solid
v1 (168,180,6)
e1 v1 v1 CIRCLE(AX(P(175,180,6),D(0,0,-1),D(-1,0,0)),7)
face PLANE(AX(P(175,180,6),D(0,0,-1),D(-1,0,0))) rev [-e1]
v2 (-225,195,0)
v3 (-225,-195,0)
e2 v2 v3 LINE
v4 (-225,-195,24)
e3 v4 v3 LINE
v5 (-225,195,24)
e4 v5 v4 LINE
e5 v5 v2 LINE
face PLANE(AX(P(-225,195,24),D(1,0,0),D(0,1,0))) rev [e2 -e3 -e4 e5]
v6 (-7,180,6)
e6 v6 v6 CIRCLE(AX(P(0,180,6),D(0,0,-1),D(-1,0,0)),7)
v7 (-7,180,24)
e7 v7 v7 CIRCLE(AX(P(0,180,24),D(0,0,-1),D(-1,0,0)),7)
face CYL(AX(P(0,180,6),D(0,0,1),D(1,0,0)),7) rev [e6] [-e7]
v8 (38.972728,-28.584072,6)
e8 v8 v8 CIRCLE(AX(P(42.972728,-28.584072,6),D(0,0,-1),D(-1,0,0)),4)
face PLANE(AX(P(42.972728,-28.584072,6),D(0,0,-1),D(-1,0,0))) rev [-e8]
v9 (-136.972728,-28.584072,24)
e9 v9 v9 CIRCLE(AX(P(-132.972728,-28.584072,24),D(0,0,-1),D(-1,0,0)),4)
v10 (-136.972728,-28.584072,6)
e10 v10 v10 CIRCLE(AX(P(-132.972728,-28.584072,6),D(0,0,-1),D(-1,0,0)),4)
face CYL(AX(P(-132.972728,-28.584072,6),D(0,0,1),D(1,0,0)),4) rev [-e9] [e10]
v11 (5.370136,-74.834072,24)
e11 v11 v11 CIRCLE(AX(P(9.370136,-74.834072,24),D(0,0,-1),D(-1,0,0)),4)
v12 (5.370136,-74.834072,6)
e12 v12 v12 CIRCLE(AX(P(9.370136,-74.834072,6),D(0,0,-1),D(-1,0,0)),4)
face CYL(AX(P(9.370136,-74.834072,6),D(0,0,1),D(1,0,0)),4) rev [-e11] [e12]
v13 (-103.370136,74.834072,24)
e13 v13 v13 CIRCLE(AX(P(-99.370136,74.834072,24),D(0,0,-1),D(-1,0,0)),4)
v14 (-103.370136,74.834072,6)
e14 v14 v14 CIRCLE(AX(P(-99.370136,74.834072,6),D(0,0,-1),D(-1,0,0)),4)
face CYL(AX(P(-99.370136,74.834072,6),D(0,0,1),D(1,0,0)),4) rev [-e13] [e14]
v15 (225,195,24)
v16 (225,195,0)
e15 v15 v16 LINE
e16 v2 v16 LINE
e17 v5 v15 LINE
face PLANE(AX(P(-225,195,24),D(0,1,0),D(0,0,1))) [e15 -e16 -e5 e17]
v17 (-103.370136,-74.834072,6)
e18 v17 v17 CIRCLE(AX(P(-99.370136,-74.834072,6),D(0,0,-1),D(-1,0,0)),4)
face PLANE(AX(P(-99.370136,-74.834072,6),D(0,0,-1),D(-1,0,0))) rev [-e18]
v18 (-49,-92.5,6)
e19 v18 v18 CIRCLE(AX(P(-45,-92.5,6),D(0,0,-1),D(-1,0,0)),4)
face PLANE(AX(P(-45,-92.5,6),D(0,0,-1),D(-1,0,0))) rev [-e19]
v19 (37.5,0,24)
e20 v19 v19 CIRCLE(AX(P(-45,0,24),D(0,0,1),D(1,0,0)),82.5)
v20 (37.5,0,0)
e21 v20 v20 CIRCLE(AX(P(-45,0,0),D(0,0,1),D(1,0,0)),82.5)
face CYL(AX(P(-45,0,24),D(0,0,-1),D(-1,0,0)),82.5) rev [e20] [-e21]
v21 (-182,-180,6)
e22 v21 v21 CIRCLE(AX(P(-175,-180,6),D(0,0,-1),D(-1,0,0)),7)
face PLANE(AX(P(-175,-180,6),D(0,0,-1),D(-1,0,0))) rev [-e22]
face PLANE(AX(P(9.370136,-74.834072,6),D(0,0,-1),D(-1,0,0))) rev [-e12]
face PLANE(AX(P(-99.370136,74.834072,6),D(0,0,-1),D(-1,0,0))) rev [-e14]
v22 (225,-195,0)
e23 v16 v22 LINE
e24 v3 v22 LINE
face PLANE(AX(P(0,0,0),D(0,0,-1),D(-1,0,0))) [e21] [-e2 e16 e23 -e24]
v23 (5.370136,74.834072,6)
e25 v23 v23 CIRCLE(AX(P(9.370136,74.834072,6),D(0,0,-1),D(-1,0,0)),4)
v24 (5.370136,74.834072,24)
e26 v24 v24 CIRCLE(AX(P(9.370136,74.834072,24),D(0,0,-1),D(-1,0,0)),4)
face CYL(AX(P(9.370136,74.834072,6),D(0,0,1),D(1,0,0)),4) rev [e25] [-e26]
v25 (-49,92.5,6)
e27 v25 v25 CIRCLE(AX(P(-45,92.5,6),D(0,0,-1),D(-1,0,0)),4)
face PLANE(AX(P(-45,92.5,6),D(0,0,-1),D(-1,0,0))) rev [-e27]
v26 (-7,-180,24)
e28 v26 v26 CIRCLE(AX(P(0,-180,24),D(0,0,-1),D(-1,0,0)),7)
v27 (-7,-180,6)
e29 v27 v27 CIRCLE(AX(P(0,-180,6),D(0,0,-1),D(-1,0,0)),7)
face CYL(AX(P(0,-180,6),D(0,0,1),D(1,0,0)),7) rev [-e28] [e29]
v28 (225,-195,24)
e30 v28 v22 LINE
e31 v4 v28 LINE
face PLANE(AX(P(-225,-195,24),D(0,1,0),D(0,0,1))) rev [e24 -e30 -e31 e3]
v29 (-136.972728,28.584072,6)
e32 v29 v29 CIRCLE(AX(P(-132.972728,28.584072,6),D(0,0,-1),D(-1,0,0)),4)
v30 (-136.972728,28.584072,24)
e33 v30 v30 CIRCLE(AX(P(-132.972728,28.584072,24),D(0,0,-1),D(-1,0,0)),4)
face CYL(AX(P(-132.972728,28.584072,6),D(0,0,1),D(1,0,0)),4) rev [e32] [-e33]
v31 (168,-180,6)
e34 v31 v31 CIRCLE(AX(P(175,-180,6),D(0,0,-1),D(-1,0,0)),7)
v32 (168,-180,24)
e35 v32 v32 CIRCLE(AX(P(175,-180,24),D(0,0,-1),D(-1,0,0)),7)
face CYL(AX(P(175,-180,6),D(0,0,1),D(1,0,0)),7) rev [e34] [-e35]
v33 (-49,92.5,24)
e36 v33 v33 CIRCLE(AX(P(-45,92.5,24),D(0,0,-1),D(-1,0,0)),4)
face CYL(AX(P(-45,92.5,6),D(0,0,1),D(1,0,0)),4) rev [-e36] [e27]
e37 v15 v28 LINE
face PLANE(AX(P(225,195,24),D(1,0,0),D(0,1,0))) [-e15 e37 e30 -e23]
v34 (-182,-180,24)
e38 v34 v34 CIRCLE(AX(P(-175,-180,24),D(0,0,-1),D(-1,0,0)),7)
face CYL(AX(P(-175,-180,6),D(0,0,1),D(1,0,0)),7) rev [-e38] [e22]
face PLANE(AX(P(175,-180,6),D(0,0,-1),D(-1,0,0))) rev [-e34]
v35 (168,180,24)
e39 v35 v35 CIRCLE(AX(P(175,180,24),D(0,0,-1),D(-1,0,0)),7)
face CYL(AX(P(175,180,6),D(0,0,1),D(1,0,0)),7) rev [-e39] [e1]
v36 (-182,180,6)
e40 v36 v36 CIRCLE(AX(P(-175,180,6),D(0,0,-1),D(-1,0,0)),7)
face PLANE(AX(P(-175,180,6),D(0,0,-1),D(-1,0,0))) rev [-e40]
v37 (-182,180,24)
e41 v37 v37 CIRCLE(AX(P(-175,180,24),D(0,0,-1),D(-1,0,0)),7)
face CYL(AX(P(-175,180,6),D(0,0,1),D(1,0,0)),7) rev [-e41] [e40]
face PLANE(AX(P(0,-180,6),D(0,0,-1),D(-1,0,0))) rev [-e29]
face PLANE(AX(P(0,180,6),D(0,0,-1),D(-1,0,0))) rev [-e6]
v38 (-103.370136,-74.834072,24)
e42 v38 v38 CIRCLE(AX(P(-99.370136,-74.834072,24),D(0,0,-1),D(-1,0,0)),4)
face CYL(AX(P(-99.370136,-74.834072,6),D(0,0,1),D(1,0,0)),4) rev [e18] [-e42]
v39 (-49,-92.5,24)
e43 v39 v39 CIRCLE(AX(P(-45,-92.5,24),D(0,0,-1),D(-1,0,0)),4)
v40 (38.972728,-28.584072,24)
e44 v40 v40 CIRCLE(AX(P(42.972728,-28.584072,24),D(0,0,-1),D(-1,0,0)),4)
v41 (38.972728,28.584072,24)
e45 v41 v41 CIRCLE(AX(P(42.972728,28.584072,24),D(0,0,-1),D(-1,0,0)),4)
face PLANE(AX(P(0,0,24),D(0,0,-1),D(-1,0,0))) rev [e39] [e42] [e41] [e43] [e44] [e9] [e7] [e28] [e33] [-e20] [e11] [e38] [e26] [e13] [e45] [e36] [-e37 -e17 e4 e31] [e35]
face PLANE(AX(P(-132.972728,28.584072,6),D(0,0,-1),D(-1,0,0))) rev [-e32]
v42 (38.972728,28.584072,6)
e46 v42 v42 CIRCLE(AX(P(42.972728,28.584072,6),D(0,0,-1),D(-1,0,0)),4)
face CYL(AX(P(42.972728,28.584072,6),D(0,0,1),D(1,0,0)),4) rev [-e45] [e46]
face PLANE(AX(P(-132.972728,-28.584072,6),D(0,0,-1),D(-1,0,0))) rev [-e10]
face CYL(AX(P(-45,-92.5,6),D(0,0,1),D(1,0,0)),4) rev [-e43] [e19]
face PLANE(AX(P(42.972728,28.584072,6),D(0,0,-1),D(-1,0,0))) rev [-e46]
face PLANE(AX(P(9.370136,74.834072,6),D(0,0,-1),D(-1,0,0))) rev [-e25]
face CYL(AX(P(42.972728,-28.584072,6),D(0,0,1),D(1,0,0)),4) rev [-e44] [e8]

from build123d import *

# Parameters (mm, degrees)
SKETCH_1_W          = 450
SKETCH_1_H          = 390
SKETCH_1_R          = 82.5
EXTRUDE_1_DEPTH     = 24
CUT_EXTRUDE_START   = 24
SKETCH_1_3_R        = 4
SKETCH_1_3_R_2      = 7
CUT_EXTRUDE_1_DEPTH = 18


with BuildPart() as part:
    # 草图1 → 凸台-拉伸1 (new body)
    with BuildSketch(Plane.XY):
        Rectangle(SKETCH_1_W, SKETCH_1_H)
        with Locations((-45, 0)):
            Circle(SKETCH_1_R, mode=Mode.SUBTRACT)
    extrude(amount=EXTRUDE_1_DEPTH)

    # 草图1<3> → 切除-拉伸1 (cut)
    with BuildSketch(Plane.XY.offset(CUT_EXTRUDE_START)):
        with Locations(Location((-45, 92.5, 0), (0, 0, 180))):
            Circle(SKETCH_1_3_R)
        with Locations(Location((9.370135837, 74.83407198, 0), (0, 0, 180))):
            Circle(SKETCH_1_3_R)
        with Locations(Location((42.972727757, 28.58407198, 0), (0, 0, 180))):
            Circle(SKETCH_1_3_R)
        with Locations(Location((42.972727757, -28.58407198, 0), (0, 0, 180))):
            Circle(SKETCH_1_3_R)
        with Locations(Location((9.370135837, -74.83407198, 0), (0, 0, 180))):
            Circle(SKETCH_1_3_R)
        with Locations(Location((-45, -92.5, 0), (0, 0, 180))):
            Circle(SKETCH_1_3_R)
        with Locations(Location((-99.370135837, -74.83407198, 0), (0, 0, 180))):
            Circle(SKETCH_1_3_R)
        with Locations(Location((-132.972727757, -28.58407198, 0), (0, 0, 180))):
            Circle(SKETCH_1_3_R)
        with Locations(Location((-132.972727757, 28.58407198, 0), (0, 0, 180))):
            Circle(SKETCH_1_3_R)
        with Locations(Location((-99.370135837, 74.83407198, 0), (0, 0, 180))):
            Circle(SKETCH_1_3_R)
        with Locations(Location((0, 180, 0), (0, 0, 180))):
            Circle(SKETCH_1_3_R_2)
        with Locations(Location((-175, 180, 0), (0, 0, 180))):
            Circle(SKETCH_1_3_R_2)
        with Locations(Location((175, 180, 0), (0, 0, 180))):
            Circle(SKETCH_1_3_R_2)
        with Locations(Location((-175, -180, 0), (0, 0, 180))):
            Circle(SKETCH_1_3_R_2)
        with Locations(Location((0, -180, 0), (0, 0, 180))):
            Circle(SKETCH_1_3_R_2)
        with Locations(Location((175, -180, 0), (0, 0, 180))):
            Circle(SKETCH_1_3_R_2)
    extrude(amount=-CUT_EXTRUDE_1_DEPTH, mode=Mode.SUBTRACT)


solid = part.part
